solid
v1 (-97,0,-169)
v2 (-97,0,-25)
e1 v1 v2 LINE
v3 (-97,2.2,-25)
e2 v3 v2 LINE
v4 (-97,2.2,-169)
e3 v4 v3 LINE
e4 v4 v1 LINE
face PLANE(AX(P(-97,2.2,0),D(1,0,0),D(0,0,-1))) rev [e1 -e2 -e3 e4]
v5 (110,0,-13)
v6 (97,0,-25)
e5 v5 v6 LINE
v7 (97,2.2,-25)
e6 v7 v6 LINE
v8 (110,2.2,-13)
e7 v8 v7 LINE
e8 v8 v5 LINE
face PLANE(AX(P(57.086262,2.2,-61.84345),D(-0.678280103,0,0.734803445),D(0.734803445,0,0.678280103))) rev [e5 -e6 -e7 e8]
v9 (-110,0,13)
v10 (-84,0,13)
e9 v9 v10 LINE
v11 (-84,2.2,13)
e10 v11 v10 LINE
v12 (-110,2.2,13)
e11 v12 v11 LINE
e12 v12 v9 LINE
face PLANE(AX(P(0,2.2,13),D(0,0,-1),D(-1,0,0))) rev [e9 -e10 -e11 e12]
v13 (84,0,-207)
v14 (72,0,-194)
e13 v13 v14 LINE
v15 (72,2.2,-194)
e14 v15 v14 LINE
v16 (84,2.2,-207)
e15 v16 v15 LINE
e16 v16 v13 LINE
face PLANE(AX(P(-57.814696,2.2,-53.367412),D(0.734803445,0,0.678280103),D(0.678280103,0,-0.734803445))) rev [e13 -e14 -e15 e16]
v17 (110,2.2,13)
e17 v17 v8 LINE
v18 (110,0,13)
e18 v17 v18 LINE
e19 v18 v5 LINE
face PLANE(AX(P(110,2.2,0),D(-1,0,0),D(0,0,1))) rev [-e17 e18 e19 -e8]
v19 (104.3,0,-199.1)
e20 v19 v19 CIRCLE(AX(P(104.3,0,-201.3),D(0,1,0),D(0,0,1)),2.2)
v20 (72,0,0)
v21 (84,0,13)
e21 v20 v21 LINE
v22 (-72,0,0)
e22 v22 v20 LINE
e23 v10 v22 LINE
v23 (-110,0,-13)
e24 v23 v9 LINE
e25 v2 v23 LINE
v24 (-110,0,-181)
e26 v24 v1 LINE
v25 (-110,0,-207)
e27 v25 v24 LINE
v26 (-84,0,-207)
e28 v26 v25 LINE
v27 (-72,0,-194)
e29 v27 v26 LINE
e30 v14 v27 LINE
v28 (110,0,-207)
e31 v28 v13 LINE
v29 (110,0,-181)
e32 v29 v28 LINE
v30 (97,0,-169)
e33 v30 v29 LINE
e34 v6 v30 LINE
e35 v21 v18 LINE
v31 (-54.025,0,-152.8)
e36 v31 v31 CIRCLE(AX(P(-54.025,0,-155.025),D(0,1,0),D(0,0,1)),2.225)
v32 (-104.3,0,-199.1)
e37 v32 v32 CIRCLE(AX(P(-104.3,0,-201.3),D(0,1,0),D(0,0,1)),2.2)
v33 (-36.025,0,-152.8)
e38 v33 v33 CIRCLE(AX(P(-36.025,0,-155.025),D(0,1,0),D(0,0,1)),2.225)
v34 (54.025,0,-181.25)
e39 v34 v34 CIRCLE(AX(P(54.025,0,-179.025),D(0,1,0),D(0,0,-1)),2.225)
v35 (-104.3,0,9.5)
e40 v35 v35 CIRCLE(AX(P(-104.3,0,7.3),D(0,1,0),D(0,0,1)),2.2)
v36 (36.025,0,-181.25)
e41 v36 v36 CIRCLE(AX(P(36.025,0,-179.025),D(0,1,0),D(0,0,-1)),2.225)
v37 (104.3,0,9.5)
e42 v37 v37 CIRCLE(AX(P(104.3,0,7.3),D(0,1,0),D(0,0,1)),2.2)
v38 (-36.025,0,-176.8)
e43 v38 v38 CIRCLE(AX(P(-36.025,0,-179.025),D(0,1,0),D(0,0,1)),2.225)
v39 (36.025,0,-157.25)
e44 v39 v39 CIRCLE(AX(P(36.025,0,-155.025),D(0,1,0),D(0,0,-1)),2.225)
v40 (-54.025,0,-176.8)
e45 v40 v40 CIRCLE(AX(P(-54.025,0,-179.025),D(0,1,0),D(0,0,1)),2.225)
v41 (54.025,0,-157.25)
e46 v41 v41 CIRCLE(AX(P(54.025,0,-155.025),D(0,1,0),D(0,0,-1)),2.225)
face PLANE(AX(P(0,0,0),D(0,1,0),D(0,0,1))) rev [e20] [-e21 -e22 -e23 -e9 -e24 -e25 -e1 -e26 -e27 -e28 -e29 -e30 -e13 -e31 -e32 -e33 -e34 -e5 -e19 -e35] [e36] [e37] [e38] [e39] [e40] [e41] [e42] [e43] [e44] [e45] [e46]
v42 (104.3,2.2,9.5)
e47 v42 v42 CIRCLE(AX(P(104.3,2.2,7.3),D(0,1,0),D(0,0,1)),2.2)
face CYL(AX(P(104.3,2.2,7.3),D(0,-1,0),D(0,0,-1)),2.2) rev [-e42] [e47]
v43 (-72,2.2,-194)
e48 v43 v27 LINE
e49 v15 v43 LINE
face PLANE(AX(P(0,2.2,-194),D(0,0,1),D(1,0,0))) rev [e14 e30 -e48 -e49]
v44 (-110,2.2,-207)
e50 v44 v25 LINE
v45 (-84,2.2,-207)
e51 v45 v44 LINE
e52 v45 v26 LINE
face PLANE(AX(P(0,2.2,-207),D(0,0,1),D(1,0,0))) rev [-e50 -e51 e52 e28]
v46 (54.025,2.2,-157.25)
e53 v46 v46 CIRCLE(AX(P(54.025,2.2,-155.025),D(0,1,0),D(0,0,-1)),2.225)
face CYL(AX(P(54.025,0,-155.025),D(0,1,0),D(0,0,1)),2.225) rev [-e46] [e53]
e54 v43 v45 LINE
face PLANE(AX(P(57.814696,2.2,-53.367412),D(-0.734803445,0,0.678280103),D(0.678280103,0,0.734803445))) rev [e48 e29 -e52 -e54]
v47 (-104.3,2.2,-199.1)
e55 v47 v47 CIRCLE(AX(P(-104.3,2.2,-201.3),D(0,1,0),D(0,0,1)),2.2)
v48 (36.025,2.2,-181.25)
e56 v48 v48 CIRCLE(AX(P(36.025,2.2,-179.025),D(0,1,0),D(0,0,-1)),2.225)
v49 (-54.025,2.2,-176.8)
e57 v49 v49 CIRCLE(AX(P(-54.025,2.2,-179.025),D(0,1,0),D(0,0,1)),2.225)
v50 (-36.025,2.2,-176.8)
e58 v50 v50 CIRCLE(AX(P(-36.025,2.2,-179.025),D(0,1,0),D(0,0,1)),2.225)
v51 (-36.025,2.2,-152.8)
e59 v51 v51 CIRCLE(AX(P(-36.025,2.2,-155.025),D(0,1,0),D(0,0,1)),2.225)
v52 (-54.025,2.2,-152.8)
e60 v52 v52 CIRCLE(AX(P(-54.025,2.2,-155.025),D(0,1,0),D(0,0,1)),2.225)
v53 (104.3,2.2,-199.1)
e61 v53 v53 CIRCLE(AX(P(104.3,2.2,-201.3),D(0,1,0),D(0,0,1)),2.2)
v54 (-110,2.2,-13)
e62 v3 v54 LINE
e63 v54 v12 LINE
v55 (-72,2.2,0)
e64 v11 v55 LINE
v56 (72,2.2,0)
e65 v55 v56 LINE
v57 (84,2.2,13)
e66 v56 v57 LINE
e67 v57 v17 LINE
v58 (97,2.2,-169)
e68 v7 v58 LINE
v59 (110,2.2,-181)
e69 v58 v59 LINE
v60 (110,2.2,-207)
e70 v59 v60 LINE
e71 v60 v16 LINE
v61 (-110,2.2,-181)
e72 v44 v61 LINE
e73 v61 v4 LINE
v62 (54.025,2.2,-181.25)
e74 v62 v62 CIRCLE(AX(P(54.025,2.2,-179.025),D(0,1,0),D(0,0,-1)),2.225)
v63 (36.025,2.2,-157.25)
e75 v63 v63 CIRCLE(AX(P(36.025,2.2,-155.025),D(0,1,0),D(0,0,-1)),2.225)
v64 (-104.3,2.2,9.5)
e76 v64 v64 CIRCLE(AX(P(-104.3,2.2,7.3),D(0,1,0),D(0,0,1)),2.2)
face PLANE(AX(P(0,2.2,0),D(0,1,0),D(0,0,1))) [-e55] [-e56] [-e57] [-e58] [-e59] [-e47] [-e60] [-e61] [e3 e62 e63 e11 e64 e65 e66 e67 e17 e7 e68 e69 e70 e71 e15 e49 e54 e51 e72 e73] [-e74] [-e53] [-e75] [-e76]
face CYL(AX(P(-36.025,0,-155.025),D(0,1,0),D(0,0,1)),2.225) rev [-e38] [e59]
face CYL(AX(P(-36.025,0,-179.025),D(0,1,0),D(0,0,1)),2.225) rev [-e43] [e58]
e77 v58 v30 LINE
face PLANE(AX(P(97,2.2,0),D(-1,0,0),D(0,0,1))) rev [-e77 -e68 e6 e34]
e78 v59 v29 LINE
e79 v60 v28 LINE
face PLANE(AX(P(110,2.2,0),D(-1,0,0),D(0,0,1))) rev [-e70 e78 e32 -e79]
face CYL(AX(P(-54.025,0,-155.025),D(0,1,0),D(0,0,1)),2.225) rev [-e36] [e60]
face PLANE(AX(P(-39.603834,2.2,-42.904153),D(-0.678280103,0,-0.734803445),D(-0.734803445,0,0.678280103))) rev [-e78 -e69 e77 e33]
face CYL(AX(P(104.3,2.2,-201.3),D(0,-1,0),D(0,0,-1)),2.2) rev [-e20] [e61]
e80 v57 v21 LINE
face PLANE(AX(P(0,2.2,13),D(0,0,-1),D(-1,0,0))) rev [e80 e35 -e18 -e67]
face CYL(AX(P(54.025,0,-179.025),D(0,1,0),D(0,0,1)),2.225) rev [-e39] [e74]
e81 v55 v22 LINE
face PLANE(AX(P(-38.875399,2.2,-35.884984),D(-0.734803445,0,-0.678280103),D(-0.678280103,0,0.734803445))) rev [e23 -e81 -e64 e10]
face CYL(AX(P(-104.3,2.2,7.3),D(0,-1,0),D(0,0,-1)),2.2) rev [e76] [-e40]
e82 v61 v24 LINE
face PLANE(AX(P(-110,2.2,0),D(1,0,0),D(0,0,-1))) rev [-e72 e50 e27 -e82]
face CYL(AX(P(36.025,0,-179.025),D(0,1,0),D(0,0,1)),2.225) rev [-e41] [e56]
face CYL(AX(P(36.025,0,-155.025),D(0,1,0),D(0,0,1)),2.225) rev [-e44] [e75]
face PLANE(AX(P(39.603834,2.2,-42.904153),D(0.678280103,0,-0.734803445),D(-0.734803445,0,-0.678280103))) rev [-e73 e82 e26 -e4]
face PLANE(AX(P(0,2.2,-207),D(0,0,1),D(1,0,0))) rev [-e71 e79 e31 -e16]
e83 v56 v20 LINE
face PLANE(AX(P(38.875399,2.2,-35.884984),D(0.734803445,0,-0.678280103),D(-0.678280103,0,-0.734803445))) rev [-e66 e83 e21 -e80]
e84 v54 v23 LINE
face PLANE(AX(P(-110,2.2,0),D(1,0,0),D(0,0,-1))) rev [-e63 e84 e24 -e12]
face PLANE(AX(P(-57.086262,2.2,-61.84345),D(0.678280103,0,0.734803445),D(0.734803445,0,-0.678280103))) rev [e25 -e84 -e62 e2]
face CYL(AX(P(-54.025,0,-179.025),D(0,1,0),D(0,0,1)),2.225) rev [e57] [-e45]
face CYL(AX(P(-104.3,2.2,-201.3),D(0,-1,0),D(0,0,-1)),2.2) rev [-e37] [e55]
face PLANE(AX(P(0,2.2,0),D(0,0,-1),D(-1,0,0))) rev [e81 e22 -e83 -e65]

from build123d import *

# Parameters (mm, degrees)
SKETCH1_R           = 2.2
BOSS_EXTRUDE1_DEPTH = 2.2
SKETCH2_R           = 2.225
CUT_EXTRUDE1_DEPTH  = 235.422353883


with BuildPart() as part:
    # Sketch1 → Boss-Extrude1 (new body)
    with BuildSketch(Plane(origin=(0, 0, 0), x_dir=(1, 0, 0), z_dir=(0, 1, 0))):
        Polygon((84, 207), (72, 194), (0, 194), (-72, 194), (-84, 207), (-110, 207), (-110, 181), (-97, 169), (-97, 97), (-97, 25), (-110, 13), (-110, -13), (-84, -13), (-72, 0), (0, 0), (72, 0), (84, -13), (110, -13), (110, 13), (97, 25), (97, 97), (97, 169), (110, 181), (110, 207), align=None)
        with Locations(Location((104.3, 201.3, 0), (0, 0, 270))):
            Circle(SKETCH1_R, mode=Mode.SUBTRACT)
        with Locations(Location((-104.3, 201.3, 0), (0, 0, 270))):
            Circle(SKETCH1_R, mode=Mode.SUBTRACT)
        with Locations(Location((-104.3, -7.3, 0), (0, 0, 270))):
            Circle(SKETCH1_R, mode=Mode.SUBTRACT)
        with Locations(Location((104.3, -7.3, 0), (0, 0, 270))):
            Circle(SKETCH1_R, mode=Mode.SUBTRACT)
    extrude(amount=BOSS_EXTRUDE1_DEPTH)

    # Sketch2 → Cut-Extrude1 (cut, through all)
    with BuildSketch(Plane(origin=(0, 2.2, 0), x_dir=(1, 0, 0), z_dir=(0, 1, 0))):
        with Locations(Location((-54.025, 179.025, 0), (0, 0, 270))):
            Circle(SKETCH2_R)
        with Locations(Location((-36.025, 179.025, 0), (0, 0, 270))):
            Circle(SKETCH2_R)
        with Locations(Location((-54.025, 155.025, 0), (0, 0, 270))):
            Circle(SKETCH2_R)
        with Locations(Location((-36.025, 155.025, 0), (0, 0, 270))):
            Circle(SKETCH2_R)
        with Locations(Location((36.025, 155.025, 0), (0, 0, 90))):
            Circle(SKETCH2_R)
        with Locations(Location((54.025, 155.025, 0), (0, 0, 90))):
            Circle(SKETCH2_R)
        with Locations(Location((36.025, 179.025, 0), (0, 0, 90))):
            Circle(SKETCH2_R)
        with Locations(Location((54.025, 179.025, 0), (0, 0, 90))):
            Circle(SKETCH2_R)
    extrude(amount=-CUT_EXTRUDE1_DEPTH, mode=Mode.SUBTRACT)


solid = part.part
